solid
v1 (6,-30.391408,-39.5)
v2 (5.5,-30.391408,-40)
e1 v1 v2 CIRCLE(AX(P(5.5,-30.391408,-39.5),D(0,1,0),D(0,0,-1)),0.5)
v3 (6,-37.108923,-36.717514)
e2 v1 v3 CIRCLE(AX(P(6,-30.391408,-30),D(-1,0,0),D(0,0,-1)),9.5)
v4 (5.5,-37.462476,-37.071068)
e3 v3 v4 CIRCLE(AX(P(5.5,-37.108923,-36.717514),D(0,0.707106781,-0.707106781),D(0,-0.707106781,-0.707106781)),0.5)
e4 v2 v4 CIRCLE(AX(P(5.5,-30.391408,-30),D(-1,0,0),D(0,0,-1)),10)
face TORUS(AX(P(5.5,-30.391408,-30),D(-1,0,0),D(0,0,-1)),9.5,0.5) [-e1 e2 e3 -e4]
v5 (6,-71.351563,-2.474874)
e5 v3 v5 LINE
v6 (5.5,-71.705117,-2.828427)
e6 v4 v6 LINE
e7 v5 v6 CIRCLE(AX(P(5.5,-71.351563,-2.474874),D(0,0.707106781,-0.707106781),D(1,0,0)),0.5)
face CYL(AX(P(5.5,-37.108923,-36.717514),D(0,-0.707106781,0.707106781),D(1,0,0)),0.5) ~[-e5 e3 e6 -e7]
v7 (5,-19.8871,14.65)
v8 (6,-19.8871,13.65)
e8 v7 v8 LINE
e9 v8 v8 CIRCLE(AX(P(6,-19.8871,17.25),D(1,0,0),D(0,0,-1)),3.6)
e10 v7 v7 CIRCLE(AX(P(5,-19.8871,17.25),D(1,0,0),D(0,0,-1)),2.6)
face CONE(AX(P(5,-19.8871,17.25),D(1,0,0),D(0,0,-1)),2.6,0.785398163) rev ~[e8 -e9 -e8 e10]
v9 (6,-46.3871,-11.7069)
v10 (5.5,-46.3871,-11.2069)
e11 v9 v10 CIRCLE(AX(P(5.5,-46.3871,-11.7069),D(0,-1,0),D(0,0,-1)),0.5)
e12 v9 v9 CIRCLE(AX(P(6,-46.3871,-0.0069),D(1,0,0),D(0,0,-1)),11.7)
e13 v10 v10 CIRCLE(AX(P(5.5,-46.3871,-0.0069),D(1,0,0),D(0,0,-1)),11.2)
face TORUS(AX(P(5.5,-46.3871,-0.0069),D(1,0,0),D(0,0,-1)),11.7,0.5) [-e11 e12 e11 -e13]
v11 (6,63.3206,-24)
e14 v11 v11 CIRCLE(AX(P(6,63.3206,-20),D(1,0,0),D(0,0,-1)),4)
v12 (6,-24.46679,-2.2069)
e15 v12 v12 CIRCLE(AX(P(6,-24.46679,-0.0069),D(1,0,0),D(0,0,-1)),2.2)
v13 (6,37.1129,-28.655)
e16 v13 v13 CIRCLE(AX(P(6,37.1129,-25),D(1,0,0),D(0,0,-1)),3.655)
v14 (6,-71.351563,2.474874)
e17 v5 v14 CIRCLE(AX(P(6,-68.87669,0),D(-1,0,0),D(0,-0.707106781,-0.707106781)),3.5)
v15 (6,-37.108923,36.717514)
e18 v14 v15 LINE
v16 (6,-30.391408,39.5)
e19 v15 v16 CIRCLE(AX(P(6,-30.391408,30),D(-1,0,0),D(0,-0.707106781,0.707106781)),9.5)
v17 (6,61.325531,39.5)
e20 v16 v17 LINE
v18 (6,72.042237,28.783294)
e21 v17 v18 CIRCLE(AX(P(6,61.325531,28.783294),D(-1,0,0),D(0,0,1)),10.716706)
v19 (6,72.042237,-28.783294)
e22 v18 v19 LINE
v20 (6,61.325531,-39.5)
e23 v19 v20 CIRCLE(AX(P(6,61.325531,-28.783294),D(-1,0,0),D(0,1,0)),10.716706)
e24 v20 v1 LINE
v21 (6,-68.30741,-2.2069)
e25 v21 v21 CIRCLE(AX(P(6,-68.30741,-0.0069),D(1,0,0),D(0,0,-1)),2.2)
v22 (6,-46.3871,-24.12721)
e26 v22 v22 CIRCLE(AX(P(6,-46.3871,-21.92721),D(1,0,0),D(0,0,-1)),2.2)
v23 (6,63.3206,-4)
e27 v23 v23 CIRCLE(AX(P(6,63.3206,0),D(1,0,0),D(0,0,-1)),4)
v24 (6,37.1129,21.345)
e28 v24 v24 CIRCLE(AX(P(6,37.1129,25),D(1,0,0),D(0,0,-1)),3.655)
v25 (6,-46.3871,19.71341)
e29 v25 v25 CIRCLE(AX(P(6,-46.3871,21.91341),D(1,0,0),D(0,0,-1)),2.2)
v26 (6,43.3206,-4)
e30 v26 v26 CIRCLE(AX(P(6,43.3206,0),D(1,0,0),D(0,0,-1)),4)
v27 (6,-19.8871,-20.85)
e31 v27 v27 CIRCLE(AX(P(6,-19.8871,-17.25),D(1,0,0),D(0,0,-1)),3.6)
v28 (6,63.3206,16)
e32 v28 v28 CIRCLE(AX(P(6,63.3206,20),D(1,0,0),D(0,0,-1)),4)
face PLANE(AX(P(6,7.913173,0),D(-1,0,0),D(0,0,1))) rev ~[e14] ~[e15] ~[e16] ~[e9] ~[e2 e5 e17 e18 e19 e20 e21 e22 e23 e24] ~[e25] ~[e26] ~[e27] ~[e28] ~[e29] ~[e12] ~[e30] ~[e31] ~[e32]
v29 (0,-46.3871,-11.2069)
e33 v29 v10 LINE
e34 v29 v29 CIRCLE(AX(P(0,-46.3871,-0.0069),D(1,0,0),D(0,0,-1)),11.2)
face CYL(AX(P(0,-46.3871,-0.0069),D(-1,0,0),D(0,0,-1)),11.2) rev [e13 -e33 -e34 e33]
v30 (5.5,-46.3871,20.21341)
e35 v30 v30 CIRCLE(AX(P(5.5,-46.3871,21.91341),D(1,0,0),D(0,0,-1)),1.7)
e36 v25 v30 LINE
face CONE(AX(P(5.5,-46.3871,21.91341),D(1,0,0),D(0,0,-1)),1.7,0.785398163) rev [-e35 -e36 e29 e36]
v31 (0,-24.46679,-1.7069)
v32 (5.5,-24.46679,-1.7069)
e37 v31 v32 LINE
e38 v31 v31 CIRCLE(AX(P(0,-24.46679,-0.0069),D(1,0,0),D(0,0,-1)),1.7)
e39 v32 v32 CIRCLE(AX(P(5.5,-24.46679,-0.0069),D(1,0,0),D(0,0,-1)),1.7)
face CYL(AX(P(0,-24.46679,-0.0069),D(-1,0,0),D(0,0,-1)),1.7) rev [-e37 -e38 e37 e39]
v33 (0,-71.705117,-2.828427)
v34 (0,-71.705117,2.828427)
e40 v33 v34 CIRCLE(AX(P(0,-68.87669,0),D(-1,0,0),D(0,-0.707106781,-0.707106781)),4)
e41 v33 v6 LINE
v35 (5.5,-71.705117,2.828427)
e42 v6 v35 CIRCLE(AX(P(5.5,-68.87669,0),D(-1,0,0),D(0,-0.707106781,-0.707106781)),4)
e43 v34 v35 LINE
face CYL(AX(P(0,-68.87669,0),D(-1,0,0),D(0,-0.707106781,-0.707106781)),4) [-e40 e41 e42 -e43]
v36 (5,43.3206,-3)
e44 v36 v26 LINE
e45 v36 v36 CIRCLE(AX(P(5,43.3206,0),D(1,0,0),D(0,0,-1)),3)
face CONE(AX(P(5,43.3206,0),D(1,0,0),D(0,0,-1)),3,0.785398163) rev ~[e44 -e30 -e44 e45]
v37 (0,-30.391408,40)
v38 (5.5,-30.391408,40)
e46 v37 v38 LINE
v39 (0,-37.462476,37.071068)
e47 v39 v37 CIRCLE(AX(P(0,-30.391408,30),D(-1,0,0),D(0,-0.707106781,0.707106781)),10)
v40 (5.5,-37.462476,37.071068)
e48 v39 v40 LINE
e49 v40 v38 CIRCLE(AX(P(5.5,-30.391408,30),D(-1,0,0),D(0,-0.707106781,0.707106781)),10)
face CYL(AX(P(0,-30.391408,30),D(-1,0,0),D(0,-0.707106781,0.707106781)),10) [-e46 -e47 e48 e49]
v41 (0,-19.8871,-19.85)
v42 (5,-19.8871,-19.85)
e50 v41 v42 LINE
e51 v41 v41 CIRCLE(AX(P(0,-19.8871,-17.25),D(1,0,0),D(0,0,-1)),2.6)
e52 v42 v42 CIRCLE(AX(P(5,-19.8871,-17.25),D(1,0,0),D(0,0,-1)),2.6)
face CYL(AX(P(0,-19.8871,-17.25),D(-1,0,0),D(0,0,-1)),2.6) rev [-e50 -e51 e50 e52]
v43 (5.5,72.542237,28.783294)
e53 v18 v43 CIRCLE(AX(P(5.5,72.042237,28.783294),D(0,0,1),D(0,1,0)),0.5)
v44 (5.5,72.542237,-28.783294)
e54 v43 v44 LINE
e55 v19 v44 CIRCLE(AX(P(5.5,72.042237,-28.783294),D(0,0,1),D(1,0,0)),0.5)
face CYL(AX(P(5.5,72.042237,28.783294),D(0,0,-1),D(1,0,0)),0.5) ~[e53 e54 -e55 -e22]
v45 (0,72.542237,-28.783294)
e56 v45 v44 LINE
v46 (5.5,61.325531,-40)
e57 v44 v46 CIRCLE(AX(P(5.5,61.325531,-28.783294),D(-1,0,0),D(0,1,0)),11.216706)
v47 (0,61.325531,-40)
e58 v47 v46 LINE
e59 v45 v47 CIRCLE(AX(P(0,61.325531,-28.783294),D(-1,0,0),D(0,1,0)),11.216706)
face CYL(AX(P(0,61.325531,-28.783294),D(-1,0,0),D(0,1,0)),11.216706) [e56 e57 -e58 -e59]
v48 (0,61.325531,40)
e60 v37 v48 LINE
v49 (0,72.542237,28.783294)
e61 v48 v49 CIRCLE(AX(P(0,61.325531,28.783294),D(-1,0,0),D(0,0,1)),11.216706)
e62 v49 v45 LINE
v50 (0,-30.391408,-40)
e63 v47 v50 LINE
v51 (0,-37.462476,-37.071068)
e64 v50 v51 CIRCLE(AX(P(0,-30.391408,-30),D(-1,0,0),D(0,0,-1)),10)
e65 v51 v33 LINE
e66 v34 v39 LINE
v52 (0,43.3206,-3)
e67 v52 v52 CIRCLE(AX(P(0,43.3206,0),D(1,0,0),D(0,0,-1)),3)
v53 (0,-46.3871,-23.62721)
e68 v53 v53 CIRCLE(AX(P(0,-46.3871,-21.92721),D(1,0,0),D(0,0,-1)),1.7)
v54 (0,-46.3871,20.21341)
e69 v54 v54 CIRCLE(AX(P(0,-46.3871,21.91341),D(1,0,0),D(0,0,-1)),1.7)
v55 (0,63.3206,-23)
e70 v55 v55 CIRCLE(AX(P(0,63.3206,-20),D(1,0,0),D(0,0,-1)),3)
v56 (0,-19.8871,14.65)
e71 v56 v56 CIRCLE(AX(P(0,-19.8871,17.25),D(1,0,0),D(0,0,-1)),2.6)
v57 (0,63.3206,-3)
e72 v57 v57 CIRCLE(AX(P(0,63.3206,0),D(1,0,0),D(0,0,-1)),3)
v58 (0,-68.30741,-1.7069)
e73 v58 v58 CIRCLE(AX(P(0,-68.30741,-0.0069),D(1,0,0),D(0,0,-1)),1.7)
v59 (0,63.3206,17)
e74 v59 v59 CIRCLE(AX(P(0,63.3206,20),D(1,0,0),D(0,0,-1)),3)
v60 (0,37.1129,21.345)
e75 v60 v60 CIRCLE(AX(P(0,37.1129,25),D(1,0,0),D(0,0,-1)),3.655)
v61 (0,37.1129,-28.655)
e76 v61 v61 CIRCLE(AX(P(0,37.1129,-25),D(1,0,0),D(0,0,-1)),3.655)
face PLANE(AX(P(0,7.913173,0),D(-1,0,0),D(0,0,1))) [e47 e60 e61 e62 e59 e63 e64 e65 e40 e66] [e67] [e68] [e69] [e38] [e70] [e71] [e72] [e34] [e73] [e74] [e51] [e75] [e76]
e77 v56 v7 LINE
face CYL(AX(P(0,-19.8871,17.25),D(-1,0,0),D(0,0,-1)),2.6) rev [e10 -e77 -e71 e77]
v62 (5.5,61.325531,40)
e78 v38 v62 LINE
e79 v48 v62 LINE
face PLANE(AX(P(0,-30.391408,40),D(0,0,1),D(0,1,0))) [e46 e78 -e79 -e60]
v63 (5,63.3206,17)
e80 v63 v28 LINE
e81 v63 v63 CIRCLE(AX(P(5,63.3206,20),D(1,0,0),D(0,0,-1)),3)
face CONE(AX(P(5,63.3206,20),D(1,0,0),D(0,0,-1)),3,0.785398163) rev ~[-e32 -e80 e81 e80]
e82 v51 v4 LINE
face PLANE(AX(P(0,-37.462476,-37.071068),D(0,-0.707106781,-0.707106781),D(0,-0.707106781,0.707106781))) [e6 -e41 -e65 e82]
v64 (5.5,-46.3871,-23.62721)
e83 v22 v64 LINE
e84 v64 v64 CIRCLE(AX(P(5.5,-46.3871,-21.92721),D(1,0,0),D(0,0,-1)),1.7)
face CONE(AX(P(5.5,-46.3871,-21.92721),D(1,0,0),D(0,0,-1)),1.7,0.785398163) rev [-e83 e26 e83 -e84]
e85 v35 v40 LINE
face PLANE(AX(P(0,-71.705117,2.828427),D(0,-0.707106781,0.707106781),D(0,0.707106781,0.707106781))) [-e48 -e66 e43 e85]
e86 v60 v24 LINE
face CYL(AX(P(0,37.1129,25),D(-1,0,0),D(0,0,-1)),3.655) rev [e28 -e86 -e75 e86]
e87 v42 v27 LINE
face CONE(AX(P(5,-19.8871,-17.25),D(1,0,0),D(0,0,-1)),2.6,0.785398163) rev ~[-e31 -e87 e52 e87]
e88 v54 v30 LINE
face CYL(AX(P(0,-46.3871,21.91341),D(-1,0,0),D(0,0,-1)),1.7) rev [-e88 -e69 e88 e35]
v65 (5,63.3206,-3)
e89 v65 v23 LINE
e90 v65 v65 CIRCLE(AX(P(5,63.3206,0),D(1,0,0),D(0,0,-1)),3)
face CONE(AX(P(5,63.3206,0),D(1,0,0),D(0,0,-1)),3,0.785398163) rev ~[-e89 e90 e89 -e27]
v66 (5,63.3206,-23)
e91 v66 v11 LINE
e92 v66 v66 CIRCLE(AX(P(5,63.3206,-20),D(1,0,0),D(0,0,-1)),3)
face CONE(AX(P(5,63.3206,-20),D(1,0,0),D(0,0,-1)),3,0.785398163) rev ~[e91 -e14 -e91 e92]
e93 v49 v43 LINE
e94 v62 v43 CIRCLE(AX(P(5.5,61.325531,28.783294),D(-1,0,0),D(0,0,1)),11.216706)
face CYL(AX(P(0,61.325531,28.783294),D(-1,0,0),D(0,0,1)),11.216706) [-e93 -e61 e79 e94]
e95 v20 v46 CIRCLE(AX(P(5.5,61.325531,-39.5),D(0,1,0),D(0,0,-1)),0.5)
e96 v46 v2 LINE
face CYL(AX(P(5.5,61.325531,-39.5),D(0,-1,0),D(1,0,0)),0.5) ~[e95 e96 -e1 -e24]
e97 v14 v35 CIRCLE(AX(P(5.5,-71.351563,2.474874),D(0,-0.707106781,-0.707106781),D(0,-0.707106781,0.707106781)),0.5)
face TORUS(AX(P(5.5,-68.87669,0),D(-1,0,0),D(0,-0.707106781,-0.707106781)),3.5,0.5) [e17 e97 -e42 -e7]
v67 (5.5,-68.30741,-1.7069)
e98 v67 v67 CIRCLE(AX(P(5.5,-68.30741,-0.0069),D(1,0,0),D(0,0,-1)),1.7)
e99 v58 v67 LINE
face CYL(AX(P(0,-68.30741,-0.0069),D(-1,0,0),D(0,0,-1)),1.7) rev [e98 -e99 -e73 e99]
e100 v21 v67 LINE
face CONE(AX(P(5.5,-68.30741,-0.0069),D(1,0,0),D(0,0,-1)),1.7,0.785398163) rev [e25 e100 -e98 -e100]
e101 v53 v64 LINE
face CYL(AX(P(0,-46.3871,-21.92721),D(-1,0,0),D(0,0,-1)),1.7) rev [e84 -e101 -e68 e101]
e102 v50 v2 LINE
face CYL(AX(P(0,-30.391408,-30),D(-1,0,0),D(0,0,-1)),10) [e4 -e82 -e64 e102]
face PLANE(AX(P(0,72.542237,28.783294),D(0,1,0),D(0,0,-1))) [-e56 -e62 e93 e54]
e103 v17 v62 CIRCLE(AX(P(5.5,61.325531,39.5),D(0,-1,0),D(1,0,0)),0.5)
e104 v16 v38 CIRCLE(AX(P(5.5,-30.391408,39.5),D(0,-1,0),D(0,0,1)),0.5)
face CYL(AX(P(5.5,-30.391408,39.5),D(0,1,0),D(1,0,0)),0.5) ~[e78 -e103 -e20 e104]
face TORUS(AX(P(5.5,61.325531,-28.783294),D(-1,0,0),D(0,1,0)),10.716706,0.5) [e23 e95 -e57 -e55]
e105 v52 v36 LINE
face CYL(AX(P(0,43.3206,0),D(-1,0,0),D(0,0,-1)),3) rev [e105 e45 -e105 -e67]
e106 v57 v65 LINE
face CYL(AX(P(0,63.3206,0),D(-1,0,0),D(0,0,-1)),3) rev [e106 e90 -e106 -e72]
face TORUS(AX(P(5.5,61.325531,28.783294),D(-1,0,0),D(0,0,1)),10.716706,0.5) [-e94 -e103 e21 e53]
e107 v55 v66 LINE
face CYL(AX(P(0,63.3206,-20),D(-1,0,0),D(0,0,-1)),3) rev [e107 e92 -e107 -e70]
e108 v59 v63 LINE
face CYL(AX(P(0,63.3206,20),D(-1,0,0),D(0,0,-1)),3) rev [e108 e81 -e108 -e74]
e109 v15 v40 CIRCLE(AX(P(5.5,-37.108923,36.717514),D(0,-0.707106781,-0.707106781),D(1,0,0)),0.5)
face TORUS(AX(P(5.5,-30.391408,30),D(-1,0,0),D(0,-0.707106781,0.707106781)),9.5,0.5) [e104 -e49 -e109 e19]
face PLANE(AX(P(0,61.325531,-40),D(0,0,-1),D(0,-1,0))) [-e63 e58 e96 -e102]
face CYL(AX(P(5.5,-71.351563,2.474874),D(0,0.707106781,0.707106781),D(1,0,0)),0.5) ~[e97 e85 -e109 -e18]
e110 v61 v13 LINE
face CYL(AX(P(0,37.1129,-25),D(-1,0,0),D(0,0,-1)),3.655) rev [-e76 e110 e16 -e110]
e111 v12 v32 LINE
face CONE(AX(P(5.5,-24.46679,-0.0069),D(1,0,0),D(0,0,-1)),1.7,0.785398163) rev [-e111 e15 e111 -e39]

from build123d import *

# Parameters (mm, degrees)
SKETCH_2_R      = 1.7
SKETCH_2_R_2    = 2.6
SKETCH_2_R_3    = 11.2
SKETCH_2_R_4    = 3.655
SKETCH_2_R_5    = 3
EXTRUDE_1_DEPTH = 6
CHAMFER_1_SIZE  = 1
CHAMFER_2_SIZE  = 0.5
FILLET_1_R      = 0.5


with BuildPart() as part:
    # Эскиз2 → Бобышка-Вытянуть1 (new body)
    with BuildSketch(Plane(origin=(0, 0, 0), x_dir=(0, 0, -1), z_dir=(1, 0, 0))):
        with BuildLine():
            Line((-28.783294421, 72.542236653), (28.783294421, 72.542236653))
            ThreePointArc((28.783294421, 72.542236653), (36.714702999, 69.256939651), (40, 61.325531074))
            Line((40, 61.325531074), (40, -30.391408151))
            ThreePointArc((40, -30.391408151), (39.238795325, -34.218242474), (37.071067812, -37.462475962))
            Line((37.071067812, -37.462475962), (2.828427125, -71.70511665))
            ThreePointArc((2.828427125, -71.70511665), (0, -72.876689525), (-2.828427125, -71.70511665))
            Line((-2.828427125, -71.70511665), (-37.071067812, -37.462475962))
            ThreePointArc((-37.071067812, -37.462475962), (-39.238795325, -34.218242474), (-40, -30.391408151))
            Line((-40, -30.391408151), (-40, 61.325531074))
            ThreePointArc((-40, 61.325531074), (-36.714702999, 69.256939651), (-28.783294421, 72.542236653))
        make_face()
        with Locations((-21.913410217, -46.3871)):
            Circle(SKETCH_2_R, mode=Mode.SUBTRACT)
        with Locations((17.25, -19.8871)):
            Circle(SKETCH_2_R_2, mode=Mode.SUBTRACT)
        with Locations((-17.25, -19.8871)):
            Circle(SKETCH_2_R_2, mode=Mode.SUBTRACT)
        with Locations((0.0069, -46.3871)):
            Circle(SKETCH_2_R_3, mode=Mode.SUBTRACT)
        with Locations((-25, 37.1129)):
            Circle(SKETCH_2_R_4, mode=Mode.SUBTRACT)
        with Locations((-20, 63.3206)):
            Circle(SKETCH_2_R_5, mode=Mode.SUBTRACT)
        with Locations((0, 63.3206)):
            Circle(SKETCH_2_R_5, mode=Mode.SUBTRACT)
        with Locations((0, 43.3206)):
            Circle(SKETCH_2_R_5, mode=Mode.SUBTRACT)
        with Locations((20, 63.3206)):
            Circle(SKETCH_2_R_5, mode=Mode.SUBTRACT)
        with Locations((25, 37.1129)):
            Circle(SKETCH_2_R_4, mode=Mode.SUBTRACT)
        with Locations((0.0069, -24.466789783)):
            Circle(SKETCH_2_R, mode=Mode.SUBTRACT)
        with Locations((21.927210217, -46.3871)):
            Circle(SKETCH_2_R, mode=Mode.SUBTRACT)
        with Locations((0.0069, -68.307410217)):
            Circle(SKETCH_2_R, mode=Mode.SUBTRACT)
    extrude(amount=EXTRUDE_1_DEPTH)

    # Фаска1
    chamfer_1_edges = [part.edges().sort_by_distance(p)[0] for p in [
        (6, -19.8871, -14.65),
        (6, -19.8871, 19.85),
        (6, 63.3206, 23),
        (6, 63.3206, 3),
        (6, 43.3206, 3),
        (6, 63.3206, -17),
    ]]
    chamfer(chamfer_1_edges, length=CHAMFER_1_SIZE)

    # Фаска2
    chamfer_2_edges = [part.edges().sort_by_distance(p)[0] for p in [
        (6, -24.466789783, 1.6931),
        (6, -46.3871, 23.613410217),
        (6, -46.3871, -20.227210217),
        (6, -68.307410217, 1.6931),
    ]]
    chamfer(chamfer_2_edges, length=CHAMFER_2_SIZE)

    # Скругление1
    fillet_1_edges = [part.edges().sort_by_distance(p)[0] for p in [
        (6, -34.218242474, -39.238795325),
        (6, 15.467061462, -40),
        (6, 69.256939651, -36.714702999),
        (6, 72.542236653, 0),
        (6, 69.256939651, 36.714702999),
        (6, 15.467061462, 40),
        (6, -34.218242474, 39.238795325),
        (6, -54.583796306, 19.949747468),
        (6, -72.876689525, 0),
        (6, -46.3871, 11.1931),
        (6, -54.583796306, -19.949747468),
    ]]
    fillet(fillet_1_edges, radius=FILLET_1_R)


solid = part.part
